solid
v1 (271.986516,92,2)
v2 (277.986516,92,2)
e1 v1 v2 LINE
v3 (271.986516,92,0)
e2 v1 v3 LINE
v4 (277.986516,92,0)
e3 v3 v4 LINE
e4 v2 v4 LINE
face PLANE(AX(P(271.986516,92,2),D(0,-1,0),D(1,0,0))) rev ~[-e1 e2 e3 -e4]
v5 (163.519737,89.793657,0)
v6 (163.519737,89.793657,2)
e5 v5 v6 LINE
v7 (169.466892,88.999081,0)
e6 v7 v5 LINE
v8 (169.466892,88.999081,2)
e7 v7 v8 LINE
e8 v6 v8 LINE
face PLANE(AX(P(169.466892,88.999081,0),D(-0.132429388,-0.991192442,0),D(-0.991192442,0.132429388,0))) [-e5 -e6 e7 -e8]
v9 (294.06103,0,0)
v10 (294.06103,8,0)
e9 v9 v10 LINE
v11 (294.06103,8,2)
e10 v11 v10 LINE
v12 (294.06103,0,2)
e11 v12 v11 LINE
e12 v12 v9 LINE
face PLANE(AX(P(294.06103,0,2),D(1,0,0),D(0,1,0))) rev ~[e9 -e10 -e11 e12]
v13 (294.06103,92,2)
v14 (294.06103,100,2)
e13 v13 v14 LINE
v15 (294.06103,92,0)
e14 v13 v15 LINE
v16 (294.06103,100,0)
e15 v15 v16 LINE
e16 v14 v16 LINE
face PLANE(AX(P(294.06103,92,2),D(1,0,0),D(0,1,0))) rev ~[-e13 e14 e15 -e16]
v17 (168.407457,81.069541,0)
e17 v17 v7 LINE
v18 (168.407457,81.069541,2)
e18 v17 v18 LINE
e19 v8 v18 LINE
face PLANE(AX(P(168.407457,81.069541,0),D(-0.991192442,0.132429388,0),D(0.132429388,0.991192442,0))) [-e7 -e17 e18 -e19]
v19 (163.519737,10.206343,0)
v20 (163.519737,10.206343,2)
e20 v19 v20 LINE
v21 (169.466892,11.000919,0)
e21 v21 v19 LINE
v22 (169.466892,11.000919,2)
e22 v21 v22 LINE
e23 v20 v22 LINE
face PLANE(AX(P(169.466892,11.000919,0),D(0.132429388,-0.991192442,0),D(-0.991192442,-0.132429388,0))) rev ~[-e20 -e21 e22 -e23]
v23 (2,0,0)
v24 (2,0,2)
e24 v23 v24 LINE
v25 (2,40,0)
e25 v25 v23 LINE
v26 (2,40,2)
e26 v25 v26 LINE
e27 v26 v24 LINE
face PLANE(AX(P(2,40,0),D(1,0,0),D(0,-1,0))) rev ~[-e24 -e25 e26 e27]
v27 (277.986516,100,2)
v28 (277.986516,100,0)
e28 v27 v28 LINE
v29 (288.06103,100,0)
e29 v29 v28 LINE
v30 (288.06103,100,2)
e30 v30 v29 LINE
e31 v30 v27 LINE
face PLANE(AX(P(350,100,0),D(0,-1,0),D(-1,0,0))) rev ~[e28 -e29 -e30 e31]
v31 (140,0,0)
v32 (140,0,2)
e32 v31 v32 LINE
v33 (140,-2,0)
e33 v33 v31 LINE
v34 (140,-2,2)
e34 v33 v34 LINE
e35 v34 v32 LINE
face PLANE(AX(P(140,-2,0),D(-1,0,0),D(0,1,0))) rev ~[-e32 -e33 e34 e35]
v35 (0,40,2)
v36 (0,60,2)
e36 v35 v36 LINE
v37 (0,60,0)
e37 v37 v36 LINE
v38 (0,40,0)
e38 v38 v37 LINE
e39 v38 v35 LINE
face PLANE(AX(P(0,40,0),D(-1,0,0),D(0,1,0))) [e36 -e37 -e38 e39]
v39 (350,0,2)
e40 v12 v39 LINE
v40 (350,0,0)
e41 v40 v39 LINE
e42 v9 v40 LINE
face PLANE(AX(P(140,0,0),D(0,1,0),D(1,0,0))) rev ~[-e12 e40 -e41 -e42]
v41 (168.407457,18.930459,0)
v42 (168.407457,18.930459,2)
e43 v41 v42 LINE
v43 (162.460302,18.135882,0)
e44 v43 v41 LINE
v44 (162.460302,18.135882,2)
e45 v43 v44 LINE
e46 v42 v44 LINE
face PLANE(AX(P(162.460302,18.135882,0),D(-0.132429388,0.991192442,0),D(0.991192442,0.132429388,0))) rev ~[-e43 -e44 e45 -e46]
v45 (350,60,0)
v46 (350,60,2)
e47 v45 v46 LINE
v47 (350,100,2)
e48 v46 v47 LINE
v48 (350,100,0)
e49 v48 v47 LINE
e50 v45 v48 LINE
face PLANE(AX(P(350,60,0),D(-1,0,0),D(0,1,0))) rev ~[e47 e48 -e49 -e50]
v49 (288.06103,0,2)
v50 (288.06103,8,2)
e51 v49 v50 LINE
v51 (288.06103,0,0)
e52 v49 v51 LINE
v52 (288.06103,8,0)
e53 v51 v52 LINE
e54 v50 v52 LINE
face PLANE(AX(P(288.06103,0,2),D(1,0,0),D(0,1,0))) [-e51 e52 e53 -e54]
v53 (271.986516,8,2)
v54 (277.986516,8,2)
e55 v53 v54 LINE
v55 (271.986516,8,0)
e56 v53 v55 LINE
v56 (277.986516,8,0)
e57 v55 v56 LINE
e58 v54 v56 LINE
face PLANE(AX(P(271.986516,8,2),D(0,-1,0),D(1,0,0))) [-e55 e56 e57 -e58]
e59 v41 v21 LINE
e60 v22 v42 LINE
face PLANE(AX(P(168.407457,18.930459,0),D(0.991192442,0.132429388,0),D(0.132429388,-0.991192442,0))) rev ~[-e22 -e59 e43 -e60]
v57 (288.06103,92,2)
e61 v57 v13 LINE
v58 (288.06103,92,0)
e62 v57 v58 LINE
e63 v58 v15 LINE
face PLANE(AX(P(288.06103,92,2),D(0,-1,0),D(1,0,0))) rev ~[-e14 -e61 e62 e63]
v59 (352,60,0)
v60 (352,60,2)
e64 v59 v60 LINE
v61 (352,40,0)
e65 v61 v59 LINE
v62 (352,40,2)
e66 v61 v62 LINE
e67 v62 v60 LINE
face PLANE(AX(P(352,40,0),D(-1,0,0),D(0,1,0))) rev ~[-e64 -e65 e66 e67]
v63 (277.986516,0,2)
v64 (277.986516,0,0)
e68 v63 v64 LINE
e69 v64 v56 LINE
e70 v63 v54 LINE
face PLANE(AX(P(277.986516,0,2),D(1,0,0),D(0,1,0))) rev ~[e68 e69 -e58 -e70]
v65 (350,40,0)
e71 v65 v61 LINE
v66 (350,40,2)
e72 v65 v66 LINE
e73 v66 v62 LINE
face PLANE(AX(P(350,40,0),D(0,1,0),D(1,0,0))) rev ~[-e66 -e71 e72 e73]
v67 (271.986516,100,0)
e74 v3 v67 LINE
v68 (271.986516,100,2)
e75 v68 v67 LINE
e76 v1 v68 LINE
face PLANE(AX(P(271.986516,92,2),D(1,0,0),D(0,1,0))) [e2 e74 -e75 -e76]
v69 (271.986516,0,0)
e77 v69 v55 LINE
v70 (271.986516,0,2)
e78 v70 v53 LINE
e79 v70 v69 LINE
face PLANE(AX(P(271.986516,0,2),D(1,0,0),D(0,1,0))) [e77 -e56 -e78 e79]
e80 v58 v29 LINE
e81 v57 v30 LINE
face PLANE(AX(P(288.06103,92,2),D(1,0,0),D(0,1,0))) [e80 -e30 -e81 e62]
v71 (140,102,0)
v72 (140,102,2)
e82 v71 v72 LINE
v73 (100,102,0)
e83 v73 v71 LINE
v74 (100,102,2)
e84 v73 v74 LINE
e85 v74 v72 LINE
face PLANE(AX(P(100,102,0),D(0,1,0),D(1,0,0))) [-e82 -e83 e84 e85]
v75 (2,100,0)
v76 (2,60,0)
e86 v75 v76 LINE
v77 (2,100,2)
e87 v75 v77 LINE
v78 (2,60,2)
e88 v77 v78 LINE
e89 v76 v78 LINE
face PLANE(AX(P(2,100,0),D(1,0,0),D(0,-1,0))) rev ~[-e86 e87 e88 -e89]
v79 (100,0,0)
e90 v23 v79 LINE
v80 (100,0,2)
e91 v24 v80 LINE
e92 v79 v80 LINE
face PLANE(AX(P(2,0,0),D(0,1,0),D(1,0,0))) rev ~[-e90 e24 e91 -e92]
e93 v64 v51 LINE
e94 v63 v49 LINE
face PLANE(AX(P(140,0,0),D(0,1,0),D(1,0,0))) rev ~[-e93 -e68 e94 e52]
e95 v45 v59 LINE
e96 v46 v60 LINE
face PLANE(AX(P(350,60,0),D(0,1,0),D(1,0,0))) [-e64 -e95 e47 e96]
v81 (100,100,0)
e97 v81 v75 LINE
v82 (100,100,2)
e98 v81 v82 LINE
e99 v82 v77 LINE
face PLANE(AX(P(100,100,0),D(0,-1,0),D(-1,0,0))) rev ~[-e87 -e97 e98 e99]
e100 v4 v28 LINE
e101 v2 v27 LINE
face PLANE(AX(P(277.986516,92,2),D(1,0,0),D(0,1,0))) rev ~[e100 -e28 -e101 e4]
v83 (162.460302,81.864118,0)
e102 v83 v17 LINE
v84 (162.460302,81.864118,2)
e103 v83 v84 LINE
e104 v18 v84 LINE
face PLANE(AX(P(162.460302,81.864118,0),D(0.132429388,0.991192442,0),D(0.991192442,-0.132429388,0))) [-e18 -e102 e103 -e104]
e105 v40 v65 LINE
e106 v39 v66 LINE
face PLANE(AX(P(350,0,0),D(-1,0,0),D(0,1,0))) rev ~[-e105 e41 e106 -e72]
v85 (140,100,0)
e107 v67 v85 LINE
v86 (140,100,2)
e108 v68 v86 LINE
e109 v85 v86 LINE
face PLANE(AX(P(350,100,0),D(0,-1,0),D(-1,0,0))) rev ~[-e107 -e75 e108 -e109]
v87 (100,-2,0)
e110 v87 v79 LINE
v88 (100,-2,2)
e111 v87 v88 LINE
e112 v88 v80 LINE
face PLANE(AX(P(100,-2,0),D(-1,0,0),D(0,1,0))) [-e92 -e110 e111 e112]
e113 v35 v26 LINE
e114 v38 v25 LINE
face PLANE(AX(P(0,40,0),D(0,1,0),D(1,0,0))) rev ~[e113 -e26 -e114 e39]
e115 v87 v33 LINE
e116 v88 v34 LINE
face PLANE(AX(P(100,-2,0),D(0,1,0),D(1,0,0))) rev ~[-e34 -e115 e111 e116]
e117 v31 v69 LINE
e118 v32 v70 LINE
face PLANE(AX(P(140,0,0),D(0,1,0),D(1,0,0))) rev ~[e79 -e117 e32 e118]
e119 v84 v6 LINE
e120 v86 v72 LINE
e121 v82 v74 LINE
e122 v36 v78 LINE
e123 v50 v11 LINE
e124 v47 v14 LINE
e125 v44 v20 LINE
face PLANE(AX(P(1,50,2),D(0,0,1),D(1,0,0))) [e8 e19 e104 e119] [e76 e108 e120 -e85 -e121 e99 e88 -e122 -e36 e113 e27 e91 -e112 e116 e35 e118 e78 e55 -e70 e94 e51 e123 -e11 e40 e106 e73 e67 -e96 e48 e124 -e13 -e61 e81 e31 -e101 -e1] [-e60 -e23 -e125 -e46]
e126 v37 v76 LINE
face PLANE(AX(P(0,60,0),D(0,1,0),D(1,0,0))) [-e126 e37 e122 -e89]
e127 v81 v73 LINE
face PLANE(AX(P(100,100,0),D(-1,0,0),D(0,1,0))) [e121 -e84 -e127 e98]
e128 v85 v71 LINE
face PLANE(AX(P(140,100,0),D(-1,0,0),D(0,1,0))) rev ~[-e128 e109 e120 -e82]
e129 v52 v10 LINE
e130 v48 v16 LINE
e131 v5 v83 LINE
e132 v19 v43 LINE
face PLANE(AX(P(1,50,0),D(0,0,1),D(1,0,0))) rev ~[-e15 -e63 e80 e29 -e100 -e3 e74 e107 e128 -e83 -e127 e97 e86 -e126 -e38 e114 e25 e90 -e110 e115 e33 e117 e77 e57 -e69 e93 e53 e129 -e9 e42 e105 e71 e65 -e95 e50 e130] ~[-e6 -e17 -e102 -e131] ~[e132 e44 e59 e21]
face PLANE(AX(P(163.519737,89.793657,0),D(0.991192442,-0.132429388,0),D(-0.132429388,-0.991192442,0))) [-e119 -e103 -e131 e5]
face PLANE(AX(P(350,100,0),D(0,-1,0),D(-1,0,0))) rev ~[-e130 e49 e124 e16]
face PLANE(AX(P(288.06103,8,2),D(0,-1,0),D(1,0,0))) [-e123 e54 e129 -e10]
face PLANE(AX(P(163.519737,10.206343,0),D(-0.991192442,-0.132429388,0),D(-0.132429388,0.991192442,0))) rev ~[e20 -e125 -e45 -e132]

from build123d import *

# Parameters (mm, degrees)
SKETCH_1_W          = 2
SKETCH_1_H          = 20
SKETCH_1_W_2        = 40
SKETCH_1_H_2        = 2
EXTRUDE_1_DEPTH     = 2
CUT_EXTRUDE_1_DEPTH = 10
SKETCH_3_W          = 6
SKETCH_3_H          = 8
CUT_EXTRUDE_2_DEPTH = 2
SKETCH_4_W          = 6
SKETCH_4_H          = 8
CUT_EXTRUDE_3_DEPTH = 2


with BuildPart() as part:
    # 草图1 → 凸台-拉伸1 (new body)
    with BuildSketch(Plane.XY):
        with Locations((1, 50)):
            Rectangle(SKETCH_1_W, SKETCH_1_H)
        Polygon((2, 40), (2, 0), (100, 0), (140, 0), (350, 0), (350, 40), (350, 60), (350, 100), (140, 100), (100, 100), (2, 100), (2, 60), align=None)
        with Locations((120, 101)):
            Rectangle(SKETCH_1_W_2, SKETCH_1_H_2)
        with Locations((120, -1)):
            Rectangle(SKETCH_1_W_2, SKETCH_1_H_2)
        with Locations((351, 50)):
            Rectangle(SKETCH_1_W, SKETCH_1_H)
    extrude(amount=EXTRUDE_1_DEPTH)

    # 草图2 → 切除-拉伸1 (cut)
    with BuildSketch(Plane(origin=(0, 0, 0), x_dir=(-1, 0, 0), z_dir=(0, 0, -1))):
        Polygon((-168.407456688, 81.069541445), (-169.466891791, 88.999080981), (-163.519737138, 89.793657309), (-162.460302035, 81.864117772), align=None)
        Polygon((-162.460302035, 18.135882228), (-168.407456688, 18.930458555), (-169.466891791, 11.000919019), (-163.519737138, 10.206342691), align=None)
    extrude(amount=-CUT_EXTRUDE_1_DEPTH, mode=Mode.SUBTRACT)

    # 草图3 → 切除-拉伸2 (cut)
    with BuildSketch(Plane.XY.offset(2)):
        with Locations((291.061030213, 96)):
            Rectangle(SKETCH_3_W, SKETCH_3_H)
        with Locations((291.061030213, 4)):
            Rectangle(SKETCH_3_W, SKETCH_3_H)
    extrude(amount=-CUT_EXTRUDE_2_DEPTH, mode=Mode.SUBTRACT)

    # 草图4 → 切除-拉伸3 (cut)
    with BuildSketch(Plane.XY.offset(2)):
        with Locations((274.986515691, 4)):
            Rectangle(SKETCH_4_W, SKETCH_4_H)
        with Locations((274.986515691, 96)):
            Rectangle(SKETCH_4_W, SKETCH_4_H)
    extrude(amount=-CUT_EXTRUDE_3_DEPTH, mode=Mode.SUBTRACT)


solid = part.part
